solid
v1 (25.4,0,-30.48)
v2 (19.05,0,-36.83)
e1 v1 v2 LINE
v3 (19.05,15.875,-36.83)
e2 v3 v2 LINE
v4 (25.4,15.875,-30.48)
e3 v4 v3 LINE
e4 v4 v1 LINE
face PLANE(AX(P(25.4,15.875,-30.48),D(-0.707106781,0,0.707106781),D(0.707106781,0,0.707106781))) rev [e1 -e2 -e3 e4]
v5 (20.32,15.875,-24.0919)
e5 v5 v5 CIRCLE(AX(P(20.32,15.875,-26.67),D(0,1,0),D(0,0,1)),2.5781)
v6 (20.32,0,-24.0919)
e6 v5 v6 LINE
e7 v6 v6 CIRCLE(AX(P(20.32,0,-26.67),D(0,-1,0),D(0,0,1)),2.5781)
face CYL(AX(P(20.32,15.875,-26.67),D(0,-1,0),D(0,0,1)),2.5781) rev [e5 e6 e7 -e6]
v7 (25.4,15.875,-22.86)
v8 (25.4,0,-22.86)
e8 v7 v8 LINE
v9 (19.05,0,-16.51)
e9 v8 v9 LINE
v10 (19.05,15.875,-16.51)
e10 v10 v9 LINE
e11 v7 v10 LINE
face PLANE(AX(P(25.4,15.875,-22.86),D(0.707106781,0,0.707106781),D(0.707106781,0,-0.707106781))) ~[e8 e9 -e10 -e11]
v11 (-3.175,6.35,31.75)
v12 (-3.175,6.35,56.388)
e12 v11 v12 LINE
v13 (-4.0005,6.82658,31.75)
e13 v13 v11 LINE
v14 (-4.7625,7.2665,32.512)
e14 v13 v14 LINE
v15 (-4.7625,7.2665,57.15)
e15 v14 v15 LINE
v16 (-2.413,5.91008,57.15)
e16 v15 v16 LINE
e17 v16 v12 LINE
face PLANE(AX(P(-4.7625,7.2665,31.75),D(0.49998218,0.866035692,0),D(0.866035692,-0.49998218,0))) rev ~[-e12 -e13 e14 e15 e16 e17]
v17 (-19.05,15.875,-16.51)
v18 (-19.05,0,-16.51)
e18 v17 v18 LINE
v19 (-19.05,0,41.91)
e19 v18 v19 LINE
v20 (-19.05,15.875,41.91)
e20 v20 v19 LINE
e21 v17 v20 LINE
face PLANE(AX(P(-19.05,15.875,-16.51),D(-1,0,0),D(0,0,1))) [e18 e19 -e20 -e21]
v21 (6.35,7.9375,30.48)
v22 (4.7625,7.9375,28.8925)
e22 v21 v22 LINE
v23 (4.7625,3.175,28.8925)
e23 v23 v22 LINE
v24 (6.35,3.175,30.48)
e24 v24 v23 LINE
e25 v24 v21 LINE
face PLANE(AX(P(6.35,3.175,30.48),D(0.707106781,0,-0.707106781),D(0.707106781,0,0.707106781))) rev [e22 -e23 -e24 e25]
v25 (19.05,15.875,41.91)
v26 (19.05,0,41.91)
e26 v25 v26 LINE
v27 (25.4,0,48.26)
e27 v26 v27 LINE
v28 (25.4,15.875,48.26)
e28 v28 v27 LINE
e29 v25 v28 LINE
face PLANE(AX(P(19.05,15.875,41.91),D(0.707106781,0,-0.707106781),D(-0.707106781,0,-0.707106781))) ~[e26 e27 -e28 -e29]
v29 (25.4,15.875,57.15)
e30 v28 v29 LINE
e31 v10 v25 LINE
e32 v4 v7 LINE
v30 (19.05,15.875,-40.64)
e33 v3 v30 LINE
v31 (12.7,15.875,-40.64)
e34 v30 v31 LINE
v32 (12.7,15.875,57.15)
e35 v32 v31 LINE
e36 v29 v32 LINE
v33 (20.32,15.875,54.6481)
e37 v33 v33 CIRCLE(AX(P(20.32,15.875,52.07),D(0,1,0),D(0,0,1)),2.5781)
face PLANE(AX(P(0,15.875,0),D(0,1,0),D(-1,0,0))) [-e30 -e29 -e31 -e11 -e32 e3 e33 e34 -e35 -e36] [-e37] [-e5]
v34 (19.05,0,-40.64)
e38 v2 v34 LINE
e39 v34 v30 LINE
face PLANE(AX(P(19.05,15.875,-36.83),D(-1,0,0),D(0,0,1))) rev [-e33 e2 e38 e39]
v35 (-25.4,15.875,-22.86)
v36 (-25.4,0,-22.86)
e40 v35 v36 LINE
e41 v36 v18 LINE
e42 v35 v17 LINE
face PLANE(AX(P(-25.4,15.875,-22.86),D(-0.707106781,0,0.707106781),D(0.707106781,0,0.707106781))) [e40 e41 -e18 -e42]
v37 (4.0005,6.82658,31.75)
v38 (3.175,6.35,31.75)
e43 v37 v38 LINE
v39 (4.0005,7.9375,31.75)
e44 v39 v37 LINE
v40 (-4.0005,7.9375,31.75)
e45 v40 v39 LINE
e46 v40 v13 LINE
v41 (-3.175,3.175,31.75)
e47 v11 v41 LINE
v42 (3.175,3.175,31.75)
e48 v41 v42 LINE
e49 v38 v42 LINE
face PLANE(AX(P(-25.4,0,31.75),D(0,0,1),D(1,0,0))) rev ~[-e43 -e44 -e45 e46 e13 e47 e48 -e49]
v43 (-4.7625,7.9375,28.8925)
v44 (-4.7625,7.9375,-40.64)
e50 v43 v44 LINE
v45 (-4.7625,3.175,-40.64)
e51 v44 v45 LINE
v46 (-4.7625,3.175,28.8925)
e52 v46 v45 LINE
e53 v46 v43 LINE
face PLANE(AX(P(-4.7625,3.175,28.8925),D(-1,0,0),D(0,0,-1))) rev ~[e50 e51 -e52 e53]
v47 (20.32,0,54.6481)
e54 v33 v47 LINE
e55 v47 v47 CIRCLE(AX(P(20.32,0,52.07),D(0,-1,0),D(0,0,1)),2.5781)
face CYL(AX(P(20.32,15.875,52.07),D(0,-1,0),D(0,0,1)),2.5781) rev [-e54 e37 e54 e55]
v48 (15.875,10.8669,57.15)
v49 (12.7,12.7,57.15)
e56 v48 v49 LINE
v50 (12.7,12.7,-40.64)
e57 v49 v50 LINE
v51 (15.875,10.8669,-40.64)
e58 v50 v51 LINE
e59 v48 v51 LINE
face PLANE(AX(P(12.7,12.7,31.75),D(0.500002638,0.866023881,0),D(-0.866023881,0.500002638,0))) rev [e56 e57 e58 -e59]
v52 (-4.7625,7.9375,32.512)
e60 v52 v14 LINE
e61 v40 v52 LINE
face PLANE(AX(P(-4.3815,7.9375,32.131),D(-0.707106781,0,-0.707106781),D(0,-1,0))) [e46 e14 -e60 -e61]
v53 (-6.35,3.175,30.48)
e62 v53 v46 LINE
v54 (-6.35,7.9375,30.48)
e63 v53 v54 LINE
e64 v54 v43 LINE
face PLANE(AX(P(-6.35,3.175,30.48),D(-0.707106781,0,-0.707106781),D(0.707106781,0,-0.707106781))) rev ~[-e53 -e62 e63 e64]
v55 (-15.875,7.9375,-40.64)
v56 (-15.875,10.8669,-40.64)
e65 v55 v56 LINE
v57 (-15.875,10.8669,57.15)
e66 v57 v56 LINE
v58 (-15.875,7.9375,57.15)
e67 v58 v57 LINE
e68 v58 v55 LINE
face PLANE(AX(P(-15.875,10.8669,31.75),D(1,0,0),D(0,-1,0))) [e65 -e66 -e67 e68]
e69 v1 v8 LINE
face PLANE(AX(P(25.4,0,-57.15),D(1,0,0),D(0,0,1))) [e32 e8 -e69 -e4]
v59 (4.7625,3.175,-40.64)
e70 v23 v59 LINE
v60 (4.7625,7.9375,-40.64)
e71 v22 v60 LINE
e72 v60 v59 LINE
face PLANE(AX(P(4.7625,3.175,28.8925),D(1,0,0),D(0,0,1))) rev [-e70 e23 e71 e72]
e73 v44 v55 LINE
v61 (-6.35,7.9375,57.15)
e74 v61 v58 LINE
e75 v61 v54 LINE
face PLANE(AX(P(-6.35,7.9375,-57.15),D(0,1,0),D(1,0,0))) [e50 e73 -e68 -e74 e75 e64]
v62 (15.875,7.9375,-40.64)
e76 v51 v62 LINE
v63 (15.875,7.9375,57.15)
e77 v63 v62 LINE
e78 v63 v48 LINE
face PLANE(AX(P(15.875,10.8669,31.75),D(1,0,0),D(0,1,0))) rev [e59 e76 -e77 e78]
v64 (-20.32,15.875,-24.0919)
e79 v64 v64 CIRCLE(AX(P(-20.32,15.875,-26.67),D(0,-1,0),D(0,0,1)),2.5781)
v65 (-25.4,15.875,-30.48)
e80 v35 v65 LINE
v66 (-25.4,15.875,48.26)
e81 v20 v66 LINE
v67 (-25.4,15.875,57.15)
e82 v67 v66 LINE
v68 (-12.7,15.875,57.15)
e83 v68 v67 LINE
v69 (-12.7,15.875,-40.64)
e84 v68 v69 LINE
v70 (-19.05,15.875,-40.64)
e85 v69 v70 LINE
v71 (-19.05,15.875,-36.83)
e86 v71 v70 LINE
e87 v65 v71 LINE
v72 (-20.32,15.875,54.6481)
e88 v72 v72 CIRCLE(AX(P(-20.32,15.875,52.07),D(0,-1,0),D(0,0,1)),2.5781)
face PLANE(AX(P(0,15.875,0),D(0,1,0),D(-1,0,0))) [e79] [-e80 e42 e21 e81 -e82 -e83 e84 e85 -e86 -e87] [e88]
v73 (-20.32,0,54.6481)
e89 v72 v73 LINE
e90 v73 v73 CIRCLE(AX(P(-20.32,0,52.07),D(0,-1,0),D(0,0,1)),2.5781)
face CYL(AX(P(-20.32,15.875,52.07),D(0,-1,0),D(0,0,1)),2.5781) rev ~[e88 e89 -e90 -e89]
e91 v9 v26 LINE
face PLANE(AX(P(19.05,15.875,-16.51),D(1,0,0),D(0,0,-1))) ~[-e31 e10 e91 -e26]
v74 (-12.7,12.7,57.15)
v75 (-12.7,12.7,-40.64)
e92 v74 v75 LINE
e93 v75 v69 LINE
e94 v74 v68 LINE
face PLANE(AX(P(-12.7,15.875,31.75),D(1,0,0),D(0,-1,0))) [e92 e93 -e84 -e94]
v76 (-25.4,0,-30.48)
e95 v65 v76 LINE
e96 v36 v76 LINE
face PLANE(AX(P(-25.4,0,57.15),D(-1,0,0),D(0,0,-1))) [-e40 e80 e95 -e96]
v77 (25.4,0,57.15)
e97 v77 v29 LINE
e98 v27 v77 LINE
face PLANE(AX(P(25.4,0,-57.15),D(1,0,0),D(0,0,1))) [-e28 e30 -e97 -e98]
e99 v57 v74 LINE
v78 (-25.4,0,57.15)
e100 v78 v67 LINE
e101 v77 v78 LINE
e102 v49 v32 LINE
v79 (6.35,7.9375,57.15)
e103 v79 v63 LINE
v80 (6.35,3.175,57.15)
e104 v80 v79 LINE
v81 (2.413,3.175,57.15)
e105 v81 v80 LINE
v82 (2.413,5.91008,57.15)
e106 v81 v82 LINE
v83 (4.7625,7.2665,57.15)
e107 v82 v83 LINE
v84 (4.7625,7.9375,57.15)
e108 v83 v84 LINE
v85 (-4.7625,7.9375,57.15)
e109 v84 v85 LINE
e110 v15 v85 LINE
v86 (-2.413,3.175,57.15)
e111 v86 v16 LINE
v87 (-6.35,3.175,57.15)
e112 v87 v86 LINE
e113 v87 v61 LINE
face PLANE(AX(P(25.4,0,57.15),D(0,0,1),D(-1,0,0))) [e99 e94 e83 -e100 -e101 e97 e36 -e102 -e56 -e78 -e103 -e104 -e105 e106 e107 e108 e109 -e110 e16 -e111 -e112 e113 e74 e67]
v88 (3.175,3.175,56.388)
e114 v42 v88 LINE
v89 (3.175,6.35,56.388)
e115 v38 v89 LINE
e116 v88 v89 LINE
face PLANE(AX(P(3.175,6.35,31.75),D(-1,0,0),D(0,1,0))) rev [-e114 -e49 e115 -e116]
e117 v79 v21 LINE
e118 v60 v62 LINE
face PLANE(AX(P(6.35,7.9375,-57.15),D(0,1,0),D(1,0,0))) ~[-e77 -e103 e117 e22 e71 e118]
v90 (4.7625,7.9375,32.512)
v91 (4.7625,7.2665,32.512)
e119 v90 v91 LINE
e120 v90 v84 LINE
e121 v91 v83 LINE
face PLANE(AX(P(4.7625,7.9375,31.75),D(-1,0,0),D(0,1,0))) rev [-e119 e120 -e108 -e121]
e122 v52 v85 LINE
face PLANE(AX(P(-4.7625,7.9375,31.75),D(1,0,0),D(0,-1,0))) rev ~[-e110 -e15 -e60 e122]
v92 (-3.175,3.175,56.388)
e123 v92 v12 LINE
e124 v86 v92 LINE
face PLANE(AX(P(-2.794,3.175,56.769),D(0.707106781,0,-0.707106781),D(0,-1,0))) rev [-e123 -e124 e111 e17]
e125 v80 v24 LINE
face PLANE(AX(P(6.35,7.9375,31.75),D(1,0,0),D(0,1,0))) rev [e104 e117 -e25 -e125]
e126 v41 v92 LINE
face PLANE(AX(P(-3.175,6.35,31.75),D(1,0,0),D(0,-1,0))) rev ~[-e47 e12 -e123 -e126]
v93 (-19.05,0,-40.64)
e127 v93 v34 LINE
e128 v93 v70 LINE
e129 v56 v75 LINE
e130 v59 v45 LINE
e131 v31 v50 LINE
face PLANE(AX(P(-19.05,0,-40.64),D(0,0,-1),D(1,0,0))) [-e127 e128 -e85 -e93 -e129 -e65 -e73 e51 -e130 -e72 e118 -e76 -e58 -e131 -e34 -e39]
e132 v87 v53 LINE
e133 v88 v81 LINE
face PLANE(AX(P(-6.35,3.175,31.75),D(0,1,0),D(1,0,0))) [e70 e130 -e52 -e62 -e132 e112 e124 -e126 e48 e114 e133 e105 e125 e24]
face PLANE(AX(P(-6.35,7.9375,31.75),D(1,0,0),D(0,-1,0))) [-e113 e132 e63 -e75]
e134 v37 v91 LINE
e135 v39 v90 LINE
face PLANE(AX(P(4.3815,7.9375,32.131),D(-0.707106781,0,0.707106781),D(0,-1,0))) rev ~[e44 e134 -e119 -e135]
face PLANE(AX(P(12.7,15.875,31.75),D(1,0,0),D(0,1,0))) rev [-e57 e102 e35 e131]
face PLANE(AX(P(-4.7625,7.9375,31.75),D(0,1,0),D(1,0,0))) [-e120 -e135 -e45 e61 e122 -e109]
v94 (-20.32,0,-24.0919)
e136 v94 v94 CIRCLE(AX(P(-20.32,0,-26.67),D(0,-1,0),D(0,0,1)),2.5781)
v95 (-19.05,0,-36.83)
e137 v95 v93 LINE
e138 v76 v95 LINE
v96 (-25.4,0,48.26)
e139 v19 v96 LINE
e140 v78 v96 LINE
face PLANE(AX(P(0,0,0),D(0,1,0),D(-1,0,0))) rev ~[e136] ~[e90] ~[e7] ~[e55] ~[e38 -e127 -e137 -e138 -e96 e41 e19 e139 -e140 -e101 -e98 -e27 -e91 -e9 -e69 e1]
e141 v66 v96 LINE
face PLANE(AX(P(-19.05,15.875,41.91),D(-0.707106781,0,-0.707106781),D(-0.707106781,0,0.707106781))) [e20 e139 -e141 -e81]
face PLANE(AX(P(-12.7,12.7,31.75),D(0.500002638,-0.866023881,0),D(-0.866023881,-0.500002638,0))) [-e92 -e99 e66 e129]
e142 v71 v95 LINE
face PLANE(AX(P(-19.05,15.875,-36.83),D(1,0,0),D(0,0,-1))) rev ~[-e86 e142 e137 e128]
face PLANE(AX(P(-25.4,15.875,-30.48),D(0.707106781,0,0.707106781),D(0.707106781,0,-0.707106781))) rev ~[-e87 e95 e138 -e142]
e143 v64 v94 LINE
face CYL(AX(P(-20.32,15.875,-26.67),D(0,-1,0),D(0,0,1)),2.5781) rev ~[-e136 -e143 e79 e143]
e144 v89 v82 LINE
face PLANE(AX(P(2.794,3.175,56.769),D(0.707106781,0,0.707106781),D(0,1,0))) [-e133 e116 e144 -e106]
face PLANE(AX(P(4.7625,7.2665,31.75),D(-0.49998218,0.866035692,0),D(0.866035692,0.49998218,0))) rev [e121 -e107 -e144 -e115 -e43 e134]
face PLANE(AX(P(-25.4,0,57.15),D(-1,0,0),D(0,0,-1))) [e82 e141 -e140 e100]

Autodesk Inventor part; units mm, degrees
ref_plane "YZ Plane" through (0, 0, 0) normal (1, 0, 0) x (0, 1, 0)
ref_plane "XZ Plane" through (0, 0, 0) normal (0, 1, 0) x (-1, 0, 0)
sketch "Sketch1" plane through (0, 0, 0) normal (0, 1, 0) x (-1, 0, 0)
  line L0 (-25.4, 57.15) -> (25.4, 57.15)
  line L1 (25.4, 57.15) -> (25.4, -57.15)
  line L2 (25.4, -57.15) -> (-25.4, -57.15)
  line L3 (-25.4, -57.15) -> (-25.4, 57.15)
  line L4 (-25.4, 57.15) -> (25.4, -57.15) construction
  line L5 (25.4, 57.15) -> (-25.4, -57.15) construction
  point P0 (0, 0)
  dimension "d0" = 50.8
  dimension "d1" = 114.3
extrude "Extrusion1" add sketch "Sketch1" along normal blind 15.875
ref_plane "Work Plane1" through (-25.4, 0, 31.75) normal (0, 0, 1) x (1, 0, 0)
sketch "Sketch2" plane through (-25.4, 0, 31.75) normal (0, 0, 1) x (1, 0, 0)
  line L0 (50.8, 0) -> (0, 0) construction
  line L1 (50.8, 0) -> (50.8, 15.875) construction
  line L2 (0, 15.875) -> (50.8, 15.875) construction
  line L3 (0, 0) -> (0, 15.875) construction
  line L4 (0, 15.875) -> (50.8, 15.875) construction
  line L5 (25.4, 15.875) -> (25.4, 0) construction
  line L6 (50.8, 0) -> (0, 0) construction
  line L7 (6.35, 15.875) -> (6.35, 0) construction
  circle A0 centre (25.4, 16.891) radius 5.08 construction
  line L8 (12.7, 15.875) -> (12.7, 12.7)
  line L9 (12.7, 12.7) -> (9.525, 10.8669)
  line L10 (9.525, 10.8669) -> (9.525, 7.9375)
  line L11 (9.525, 7.9375) -> (19.05, 7.9375)
  line L12 (19.05, 7.9375) -> (19.05, 3.175)
  line L13 (19.05, 3.175) -> (25.4, 3.175)
  line L14 (12.7, 15.875) -> (25.4, 15.875)
  line L15 (25.4, 15.875) -> (25.4, 3.175)
  line L16 (19.05, 7.9375) -> (25.4, 7.9375)
  line L17 (20.6375, 7.9375) -> (20.6375, 7.2665)
  line L18 (20.6375, 7.2665) -> (22.225, 6.35)
  line L19 (22.225, 6.35) -> (22.225, 3.175)
  point P0 (22.225, 4.7625)
  point P1 (19.05, 5.5562)
  dimension "d20" = 6.35
  dimension "d21" = 10.16
  dimension "d22" = 6.35
  dimension "d23" = 4.7625
  dimension "d24" = 3.175
  dimension "d25" = 3.175
  dimension "d26" = 30
  dimension "d27" = 3.175
  dimension "d28" = 3.175
  dimension "d29" = 1.016
  dimension "d45" = 1.5875
  dimension "d46" = 3.175
  dimension "d48" = 3.175
  dimension "d50" = 30
extrude "Extrusion2" cut sketch "Sketch2" against normal through all
extrude "Extrusion3" cut sketch "Sketch2" along normal through all contours L14 L15 L16 L11 L10 L9 L8 | L17 L18 L19 L13 L12 L16
sketch "Sketch7" plane through (-6.35, 3.175, -57.15) normal (0, 1, 0) x (1, 0, 0)
  line L0 (0, -114.3) -> (0, 0) construction
  line L1 (6.35, -114.3) -> (1.5875, -114.3) construction
  line L2 (6.35, -88.9) -> (6.35, -114.3) construction
  line L3 (1.5875, -88.9) -> (6.35, -88.9) construction
  line L4 (1.5875, -88.9) -> (1.5875, -114.3) construction
  line L5 (0, -87.63) -> (1.5875, -86.0425)
  line L6 (1.5875, -86.0425) -> (1.5875, 0)
  line L7 (-19.05, 0) -> (31.75, 0) projected
  line L8 (0, 0) -> (1.5875, 0)
  line L9 (0, 0) -> (0, -87.63)
  point P0 (6.35, -57.15)
  dimension "d63" = 135
  dimension "d64" = 1.5875
  dimension "d65" = 1.27
extrude "Extrusion6" add sketch "Sketch7" along normal up to surface (4.7625 mm away)
chamfer "Chamfer2" distance 0.762 angle 45 2 edges at (-4.7625, 7.602, 31.75) (-3.175, 4.7625, 57.15)
sketch "Sketch8" plane through (0, 15.875, 0) normal (0, 1, 0) x (1, 0, 0)
  circle A0 centre (-20.32, 26.67) radius 2.5797 construction
  line L0 (-12.7, 57.15) -> (-25.4, 57.15) construction
  line L1 (-25.4, 57.15) -> (-25.4, -57.15) construction
  line L2 (-15.875, -57.15) -> (-15.875, 57.15) construction
  line L3 (-25.4, -57.15) -> (25.4, -57.15) projected
  line L4 (-25.4, 22.86) -> (-19.05, 16.51)
  line L5 (-19.05, 16.51) -> (-19.05, -41.91)
  line L6 (-19.05, -41.91) -> (-25.4, -48.26)
  line L7 (-25.4, 22.86) -> (-25.4, -48.26)
  line L8 (-25.4, -57.15) -> (-25.4, 57.15) construction
  line L9 (-25.4, 30.48) -> (-19.05, 36.83)
  line L10 (-19.05, 36.83) -> (-19.05, 57.15)
  line L11 (-25.4, 30.48) -> (-25.4, 22.86) construction
  line L12 (-25.4, 30.48) -> (-25.4, 57.15)
  line L13 (-25.4, 57.15) -> (-19.05, 57.15)
  point P0 (0, 0)
  point P1 (-20.32, -52.07)
  point P2 (-12.7, -57.15)
  point P3 (-25.4, 26.67)
  dimension "d71" = 5.1594
  dimension "d72" = 30.48
  dimension "d73" = 5.08
  dimension "d75" = 135
  dimension "d76" = 135
  dimension "d77" = 3.175
  dimension "d89" = 34.29
  dimension "d91" = 5.08
  dimension "d92" = 8.89
hole "Hole2" at (-20.32, 15.875, -26.67) at (-20.32, 15.875, 52.07) direction (0, -1, 0) diameter 5.1562 end through all
extrude "Extrusion7" cut sketch "Sketch8" against normal through all
mirror "Mirror1" about plane through (0, 15.875, 31.75) normal (-1, 0, 0) of "Extrusion2", "Extrusion3", "Extrusion7", "Hole2", "Chamfer2", "Extrusion6"
sketch "Sketch9" plane through (0, 0, 0) normal (0, -1, 0) x (1, 0, 0)
  line L0 (19.05, -57.15) -> (19.05, -36.83) projected
  line L1 (19.05, -57.15) -> (12.7, -57.15) projected
  line L2 (-19.05, -57.15) -> (-19.05, -36.83) projected
  line L3 (19.05, -57.15) -> (-19.05, -57.15)
  line L4 (-19.05, -57.15) -> (-19.05, -40.64)
  line L5 (-19.05, -40.64) -> (19.05, -40.64)
  line L6 (19.05, -40.64) -> (19.05, -57.15)
  point P0 (0, 0)
  dimension "d93" = 16.51
extrude "Extrusion8" cut sketch "Sketch9" against normal through all
equation "\"d76\" = d75"
properties part number "Holder_Mount" material "ABS Plastic"
